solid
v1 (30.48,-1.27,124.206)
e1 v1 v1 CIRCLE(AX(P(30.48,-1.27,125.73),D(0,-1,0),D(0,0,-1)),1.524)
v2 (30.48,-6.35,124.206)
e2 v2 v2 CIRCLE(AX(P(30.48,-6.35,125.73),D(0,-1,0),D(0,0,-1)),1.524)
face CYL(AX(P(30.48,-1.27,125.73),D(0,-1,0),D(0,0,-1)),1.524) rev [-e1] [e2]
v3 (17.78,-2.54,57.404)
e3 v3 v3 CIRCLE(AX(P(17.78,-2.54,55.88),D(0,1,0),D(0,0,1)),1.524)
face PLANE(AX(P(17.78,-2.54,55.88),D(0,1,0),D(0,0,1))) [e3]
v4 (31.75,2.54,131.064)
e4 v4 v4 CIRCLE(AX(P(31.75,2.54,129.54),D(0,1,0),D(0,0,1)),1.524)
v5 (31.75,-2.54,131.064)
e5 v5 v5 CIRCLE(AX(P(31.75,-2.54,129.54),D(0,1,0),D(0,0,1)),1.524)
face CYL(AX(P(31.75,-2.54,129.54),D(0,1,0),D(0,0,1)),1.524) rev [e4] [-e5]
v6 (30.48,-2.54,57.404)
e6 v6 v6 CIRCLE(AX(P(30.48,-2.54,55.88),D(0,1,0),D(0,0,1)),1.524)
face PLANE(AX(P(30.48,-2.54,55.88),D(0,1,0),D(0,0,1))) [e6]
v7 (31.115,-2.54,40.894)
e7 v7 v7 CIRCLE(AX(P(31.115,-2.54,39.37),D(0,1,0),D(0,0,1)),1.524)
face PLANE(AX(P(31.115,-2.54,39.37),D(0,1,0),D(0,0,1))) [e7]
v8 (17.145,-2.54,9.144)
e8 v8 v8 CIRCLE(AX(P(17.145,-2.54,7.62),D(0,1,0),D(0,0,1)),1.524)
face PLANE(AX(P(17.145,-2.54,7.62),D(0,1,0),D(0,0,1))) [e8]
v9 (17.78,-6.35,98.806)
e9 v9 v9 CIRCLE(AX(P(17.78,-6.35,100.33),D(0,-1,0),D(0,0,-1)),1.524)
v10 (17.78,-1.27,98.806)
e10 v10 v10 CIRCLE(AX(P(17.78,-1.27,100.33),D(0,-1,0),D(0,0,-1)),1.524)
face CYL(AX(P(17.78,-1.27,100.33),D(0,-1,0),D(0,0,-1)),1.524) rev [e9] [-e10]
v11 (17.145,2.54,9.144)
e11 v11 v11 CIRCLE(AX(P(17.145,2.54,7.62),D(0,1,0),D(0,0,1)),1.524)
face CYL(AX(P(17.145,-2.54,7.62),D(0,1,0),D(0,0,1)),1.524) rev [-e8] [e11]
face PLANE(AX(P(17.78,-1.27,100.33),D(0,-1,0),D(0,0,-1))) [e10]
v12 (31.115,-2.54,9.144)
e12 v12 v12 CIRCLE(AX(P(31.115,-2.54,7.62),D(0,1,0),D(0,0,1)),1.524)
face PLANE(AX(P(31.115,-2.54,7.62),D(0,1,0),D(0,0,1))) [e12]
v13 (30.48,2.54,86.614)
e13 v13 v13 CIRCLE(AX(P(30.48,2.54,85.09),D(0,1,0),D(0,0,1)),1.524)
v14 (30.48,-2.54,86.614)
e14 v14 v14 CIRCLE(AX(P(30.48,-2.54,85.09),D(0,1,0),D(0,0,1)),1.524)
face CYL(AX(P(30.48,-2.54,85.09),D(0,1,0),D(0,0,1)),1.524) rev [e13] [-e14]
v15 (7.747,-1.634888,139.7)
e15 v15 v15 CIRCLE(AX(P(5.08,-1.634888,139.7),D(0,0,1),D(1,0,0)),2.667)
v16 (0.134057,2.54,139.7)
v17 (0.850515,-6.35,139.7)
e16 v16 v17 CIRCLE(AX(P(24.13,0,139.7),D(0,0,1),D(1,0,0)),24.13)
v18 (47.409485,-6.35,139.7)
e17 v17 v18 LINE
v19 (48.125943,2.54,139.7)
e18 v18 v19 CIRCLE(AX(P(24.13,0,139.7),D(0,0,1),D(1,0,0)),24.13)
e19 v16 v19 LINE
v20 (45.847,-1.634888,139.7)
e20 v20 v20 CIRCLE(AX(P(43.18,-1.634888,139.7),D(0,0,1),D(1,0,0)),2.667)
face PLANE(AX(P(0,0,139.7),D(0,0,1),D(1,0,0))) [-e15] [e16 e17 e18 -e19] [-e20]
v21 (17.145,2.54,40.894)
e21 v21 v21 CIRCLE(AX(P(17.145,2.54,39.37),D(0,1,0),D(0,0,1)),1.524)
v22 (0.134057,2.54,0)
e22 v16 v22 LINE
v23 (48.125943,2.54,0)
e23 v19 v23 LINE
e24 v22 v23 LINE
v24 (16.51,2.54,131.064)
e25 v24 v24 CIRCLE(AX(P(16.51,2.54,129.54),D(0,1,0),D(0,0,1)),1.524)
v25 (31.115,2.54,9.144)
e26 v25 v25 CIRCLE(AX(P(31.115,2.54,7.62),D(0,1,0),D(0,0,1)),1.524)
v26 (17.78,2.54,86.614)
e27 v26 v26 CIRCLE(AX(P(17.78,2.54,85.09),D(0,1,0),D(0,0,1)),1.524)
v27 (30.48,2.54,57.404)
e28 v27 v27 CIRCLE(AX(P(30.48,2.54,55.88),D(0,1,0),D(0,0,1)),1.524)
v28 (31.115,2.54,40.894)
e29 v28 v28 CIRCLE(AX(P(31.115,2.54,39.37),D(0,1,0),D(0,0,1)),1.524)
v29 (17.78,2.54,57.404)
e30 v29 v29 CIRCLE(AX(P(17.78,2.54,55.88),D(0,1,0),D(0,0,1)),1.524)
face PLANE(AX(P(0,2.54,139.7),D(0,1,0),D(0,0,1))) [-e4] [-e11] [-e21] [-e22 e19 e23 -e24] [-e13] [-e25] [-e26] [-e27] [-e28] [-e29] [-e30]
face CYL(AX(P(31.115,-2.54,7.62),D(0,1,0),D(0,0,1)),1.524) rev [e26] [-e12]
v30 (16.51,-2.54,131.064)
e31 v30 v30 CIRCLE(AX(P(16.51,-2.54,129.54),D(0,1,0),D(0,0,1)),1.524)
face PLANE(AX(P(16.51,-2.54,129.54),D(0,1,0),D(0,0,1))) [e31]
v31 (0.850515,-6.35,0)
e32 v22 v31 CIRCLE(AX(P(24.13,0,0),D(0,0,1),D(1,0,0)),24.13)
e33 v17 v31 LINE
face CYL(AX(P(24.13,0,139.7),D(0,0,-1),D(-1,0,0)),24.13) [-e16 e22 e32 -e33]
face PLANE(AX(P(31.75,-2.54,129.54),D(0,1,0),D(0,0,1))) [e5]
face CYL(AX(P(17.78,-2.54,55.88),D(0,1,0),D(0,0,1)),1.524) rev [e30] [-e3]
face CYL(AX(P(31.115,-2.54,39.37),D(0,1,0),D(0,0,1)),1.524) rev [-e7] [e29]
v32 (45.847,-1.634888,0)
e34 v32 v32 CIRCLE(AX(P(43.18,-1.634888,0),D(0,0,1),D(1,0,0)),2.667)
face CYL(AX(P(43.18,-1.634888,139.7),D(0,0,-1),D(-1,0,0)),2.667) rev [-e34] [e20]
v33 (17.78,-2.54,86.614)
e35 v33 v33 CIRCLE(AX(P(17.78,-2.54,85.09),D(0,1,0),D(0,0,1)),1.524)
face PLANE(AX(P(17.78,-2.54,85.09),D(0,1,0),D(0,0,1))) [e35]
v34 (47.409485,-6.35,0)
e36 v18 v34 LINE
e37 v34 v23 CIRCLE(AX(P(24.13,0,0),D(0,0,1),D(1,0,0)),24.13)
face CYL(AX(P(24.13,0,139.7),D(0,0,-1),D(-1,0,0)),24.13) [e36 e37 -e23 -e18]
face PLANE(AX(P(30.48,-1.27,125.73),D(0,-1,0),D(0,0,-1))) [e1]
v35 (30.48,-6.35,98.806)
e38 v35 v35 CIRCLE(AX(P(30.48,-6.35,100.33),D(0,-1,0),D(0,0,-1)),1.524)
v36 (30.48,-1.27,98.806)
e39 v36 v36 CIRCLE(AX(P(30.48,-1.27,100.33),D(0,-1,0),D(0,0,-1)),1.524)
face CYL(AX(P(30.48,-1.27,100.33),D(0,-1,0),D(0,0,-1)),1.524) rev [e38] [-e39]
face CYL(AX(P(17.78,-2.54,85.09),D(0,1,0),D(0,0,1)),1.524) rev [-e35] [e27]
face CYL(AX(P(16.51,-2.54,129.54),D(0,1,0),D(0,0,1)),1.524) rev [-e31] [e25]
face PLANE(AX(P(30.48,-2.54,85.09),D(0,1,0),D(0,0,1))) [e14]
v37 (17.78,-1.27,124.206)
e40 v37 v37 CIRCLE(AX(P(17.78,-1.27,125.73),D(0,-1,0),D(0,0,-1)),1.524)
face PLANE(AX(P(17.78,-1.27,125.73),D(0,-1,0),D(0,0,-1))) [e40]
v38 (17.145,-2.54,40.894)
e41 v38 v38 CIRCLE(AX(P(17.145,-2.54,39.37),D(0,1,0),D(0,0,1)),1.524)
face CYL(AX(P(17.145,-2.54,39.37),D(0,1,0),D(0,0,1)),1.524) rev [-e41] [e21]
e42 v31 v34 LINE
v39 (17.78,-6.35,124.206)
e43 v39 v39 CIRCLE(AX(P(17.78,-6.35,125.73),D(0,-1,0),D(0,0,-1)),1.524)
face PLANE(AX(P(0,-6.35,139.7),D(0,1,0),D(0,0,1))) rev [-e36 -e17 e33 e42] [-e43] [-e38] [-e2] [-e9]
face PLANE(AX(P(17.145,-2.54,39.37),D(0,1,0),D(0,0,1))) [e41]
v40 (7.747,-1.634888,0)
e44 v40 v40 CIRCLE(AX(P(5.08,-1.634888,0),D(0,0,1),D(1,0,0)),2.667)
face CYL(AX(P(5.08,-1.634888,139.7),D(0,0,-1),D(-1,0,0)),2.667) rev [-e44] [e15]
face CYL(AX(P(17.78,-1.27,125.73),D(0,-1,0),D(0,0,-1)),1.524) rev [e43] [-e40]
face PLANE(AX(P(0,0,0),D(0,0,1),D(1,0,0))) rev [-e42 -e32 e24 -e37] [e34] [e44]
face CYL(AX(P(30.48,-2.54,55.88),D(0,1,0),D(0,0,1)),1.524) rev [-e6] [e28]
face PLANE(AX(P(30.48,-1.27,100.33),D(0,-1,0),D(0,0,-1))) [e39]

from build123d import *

# Parameters (mm, degrees)
SKETCH1_R           = 2.667
BOSS_EXTRUDE1_DEPTH = 139.7
SKETCH2_R           = 1.524
CUT_EXTRUDE1_DEPTH  = 5.08
SKETCH5_R           = 1.524
CUT_EXTRUDE2_DEPTH  = 5.08


with BuildPart() as part:
    # Sketch1 → Boss-Extrude1 (new body)
    with BuildSketch(Plane.XY):
        with BuildLine():
            ThreePointArc((0.134056593, 2.54), (0.077982482, -1.938389365), (0.85051547, -6.35))
            Line((0.85051547, -6.35), (47.40948453, -6.35))
            ThreePointArc((47.40948453, -6.35), (48.182017518, -1.938389365), (48.125943407, 2.54))
            Line((48.125943407, 2.54), (0.134056593, 2.54))
        make_face()
        with Locations((43.18, -1.634887509)):
            Circle(SKETCH1_R, mode=Mode.SUBTRACT)
        with Locations((5.08, -1.634887509)):
            Circle(SKETCH1_R, mode=Mode.SUBTRACT)
    extrude(amount=BOSS_EXTRUDE1_DEPTH)

    # Sketch2 → Cut-Extrude1 (cut)
    with BuildSketch(Plane(origin=(0, 2.54, 0), x_dir=(1, 0, 0), z_dir=(0, 1, 0))):
        with Locations((17.145, -7.62)):
            Circle(SKETCH2_R)
        with Locations((31.115, -7.62)):
            Circle(SKETCH2_R)
        with Locations((31.115, -39.37)):
            Circle(SKETCH2_R)
        with Locations((17.145, -39.37)):
            Circle(SKETCH2_R)
        with Locations((17.78, -55.88)):
            Circle(SKETCH2_R)
        with Locations((30.48, -55.88)):
            Circle(SKETCH2_R)
        with Locations((30.48, -85.09)):
            Circle(SKETCH2_R)
        with Locations((17.78, -85.09)):
            Circle(SKETCH2_R)
        with Locations((16.51, -129.54)):
            Circle(SKETCH2_R)
        with Locations((31.75, -129.54)):
            Circle(SKETCH2_R)
    extrude(amount=-CUT_EXTRUDE1_DEPTH, mode=Mode.SUBTRACT)

    # Sketch5 → Cut-Extrude2 (cut)
    with BuildSketch(Plane.XZ.offset(6.35)):
        with Locations((17.78, 125.73)):
            Circle(SKETCH5_R)
        with Locations((30.48, 125.73)):
            Circle(SKETCH5_R)
        with Locations((30.48, 100.33)):
            Circle(SKETCH5_R)
        with Locations((17.78, 100.33)):
            Circle(SKETCH5_R)
    extrude(amount=-CUT_EXTRUDE2_DEPTH, mode=Mode.SUBTRACT)


solid = part.part
